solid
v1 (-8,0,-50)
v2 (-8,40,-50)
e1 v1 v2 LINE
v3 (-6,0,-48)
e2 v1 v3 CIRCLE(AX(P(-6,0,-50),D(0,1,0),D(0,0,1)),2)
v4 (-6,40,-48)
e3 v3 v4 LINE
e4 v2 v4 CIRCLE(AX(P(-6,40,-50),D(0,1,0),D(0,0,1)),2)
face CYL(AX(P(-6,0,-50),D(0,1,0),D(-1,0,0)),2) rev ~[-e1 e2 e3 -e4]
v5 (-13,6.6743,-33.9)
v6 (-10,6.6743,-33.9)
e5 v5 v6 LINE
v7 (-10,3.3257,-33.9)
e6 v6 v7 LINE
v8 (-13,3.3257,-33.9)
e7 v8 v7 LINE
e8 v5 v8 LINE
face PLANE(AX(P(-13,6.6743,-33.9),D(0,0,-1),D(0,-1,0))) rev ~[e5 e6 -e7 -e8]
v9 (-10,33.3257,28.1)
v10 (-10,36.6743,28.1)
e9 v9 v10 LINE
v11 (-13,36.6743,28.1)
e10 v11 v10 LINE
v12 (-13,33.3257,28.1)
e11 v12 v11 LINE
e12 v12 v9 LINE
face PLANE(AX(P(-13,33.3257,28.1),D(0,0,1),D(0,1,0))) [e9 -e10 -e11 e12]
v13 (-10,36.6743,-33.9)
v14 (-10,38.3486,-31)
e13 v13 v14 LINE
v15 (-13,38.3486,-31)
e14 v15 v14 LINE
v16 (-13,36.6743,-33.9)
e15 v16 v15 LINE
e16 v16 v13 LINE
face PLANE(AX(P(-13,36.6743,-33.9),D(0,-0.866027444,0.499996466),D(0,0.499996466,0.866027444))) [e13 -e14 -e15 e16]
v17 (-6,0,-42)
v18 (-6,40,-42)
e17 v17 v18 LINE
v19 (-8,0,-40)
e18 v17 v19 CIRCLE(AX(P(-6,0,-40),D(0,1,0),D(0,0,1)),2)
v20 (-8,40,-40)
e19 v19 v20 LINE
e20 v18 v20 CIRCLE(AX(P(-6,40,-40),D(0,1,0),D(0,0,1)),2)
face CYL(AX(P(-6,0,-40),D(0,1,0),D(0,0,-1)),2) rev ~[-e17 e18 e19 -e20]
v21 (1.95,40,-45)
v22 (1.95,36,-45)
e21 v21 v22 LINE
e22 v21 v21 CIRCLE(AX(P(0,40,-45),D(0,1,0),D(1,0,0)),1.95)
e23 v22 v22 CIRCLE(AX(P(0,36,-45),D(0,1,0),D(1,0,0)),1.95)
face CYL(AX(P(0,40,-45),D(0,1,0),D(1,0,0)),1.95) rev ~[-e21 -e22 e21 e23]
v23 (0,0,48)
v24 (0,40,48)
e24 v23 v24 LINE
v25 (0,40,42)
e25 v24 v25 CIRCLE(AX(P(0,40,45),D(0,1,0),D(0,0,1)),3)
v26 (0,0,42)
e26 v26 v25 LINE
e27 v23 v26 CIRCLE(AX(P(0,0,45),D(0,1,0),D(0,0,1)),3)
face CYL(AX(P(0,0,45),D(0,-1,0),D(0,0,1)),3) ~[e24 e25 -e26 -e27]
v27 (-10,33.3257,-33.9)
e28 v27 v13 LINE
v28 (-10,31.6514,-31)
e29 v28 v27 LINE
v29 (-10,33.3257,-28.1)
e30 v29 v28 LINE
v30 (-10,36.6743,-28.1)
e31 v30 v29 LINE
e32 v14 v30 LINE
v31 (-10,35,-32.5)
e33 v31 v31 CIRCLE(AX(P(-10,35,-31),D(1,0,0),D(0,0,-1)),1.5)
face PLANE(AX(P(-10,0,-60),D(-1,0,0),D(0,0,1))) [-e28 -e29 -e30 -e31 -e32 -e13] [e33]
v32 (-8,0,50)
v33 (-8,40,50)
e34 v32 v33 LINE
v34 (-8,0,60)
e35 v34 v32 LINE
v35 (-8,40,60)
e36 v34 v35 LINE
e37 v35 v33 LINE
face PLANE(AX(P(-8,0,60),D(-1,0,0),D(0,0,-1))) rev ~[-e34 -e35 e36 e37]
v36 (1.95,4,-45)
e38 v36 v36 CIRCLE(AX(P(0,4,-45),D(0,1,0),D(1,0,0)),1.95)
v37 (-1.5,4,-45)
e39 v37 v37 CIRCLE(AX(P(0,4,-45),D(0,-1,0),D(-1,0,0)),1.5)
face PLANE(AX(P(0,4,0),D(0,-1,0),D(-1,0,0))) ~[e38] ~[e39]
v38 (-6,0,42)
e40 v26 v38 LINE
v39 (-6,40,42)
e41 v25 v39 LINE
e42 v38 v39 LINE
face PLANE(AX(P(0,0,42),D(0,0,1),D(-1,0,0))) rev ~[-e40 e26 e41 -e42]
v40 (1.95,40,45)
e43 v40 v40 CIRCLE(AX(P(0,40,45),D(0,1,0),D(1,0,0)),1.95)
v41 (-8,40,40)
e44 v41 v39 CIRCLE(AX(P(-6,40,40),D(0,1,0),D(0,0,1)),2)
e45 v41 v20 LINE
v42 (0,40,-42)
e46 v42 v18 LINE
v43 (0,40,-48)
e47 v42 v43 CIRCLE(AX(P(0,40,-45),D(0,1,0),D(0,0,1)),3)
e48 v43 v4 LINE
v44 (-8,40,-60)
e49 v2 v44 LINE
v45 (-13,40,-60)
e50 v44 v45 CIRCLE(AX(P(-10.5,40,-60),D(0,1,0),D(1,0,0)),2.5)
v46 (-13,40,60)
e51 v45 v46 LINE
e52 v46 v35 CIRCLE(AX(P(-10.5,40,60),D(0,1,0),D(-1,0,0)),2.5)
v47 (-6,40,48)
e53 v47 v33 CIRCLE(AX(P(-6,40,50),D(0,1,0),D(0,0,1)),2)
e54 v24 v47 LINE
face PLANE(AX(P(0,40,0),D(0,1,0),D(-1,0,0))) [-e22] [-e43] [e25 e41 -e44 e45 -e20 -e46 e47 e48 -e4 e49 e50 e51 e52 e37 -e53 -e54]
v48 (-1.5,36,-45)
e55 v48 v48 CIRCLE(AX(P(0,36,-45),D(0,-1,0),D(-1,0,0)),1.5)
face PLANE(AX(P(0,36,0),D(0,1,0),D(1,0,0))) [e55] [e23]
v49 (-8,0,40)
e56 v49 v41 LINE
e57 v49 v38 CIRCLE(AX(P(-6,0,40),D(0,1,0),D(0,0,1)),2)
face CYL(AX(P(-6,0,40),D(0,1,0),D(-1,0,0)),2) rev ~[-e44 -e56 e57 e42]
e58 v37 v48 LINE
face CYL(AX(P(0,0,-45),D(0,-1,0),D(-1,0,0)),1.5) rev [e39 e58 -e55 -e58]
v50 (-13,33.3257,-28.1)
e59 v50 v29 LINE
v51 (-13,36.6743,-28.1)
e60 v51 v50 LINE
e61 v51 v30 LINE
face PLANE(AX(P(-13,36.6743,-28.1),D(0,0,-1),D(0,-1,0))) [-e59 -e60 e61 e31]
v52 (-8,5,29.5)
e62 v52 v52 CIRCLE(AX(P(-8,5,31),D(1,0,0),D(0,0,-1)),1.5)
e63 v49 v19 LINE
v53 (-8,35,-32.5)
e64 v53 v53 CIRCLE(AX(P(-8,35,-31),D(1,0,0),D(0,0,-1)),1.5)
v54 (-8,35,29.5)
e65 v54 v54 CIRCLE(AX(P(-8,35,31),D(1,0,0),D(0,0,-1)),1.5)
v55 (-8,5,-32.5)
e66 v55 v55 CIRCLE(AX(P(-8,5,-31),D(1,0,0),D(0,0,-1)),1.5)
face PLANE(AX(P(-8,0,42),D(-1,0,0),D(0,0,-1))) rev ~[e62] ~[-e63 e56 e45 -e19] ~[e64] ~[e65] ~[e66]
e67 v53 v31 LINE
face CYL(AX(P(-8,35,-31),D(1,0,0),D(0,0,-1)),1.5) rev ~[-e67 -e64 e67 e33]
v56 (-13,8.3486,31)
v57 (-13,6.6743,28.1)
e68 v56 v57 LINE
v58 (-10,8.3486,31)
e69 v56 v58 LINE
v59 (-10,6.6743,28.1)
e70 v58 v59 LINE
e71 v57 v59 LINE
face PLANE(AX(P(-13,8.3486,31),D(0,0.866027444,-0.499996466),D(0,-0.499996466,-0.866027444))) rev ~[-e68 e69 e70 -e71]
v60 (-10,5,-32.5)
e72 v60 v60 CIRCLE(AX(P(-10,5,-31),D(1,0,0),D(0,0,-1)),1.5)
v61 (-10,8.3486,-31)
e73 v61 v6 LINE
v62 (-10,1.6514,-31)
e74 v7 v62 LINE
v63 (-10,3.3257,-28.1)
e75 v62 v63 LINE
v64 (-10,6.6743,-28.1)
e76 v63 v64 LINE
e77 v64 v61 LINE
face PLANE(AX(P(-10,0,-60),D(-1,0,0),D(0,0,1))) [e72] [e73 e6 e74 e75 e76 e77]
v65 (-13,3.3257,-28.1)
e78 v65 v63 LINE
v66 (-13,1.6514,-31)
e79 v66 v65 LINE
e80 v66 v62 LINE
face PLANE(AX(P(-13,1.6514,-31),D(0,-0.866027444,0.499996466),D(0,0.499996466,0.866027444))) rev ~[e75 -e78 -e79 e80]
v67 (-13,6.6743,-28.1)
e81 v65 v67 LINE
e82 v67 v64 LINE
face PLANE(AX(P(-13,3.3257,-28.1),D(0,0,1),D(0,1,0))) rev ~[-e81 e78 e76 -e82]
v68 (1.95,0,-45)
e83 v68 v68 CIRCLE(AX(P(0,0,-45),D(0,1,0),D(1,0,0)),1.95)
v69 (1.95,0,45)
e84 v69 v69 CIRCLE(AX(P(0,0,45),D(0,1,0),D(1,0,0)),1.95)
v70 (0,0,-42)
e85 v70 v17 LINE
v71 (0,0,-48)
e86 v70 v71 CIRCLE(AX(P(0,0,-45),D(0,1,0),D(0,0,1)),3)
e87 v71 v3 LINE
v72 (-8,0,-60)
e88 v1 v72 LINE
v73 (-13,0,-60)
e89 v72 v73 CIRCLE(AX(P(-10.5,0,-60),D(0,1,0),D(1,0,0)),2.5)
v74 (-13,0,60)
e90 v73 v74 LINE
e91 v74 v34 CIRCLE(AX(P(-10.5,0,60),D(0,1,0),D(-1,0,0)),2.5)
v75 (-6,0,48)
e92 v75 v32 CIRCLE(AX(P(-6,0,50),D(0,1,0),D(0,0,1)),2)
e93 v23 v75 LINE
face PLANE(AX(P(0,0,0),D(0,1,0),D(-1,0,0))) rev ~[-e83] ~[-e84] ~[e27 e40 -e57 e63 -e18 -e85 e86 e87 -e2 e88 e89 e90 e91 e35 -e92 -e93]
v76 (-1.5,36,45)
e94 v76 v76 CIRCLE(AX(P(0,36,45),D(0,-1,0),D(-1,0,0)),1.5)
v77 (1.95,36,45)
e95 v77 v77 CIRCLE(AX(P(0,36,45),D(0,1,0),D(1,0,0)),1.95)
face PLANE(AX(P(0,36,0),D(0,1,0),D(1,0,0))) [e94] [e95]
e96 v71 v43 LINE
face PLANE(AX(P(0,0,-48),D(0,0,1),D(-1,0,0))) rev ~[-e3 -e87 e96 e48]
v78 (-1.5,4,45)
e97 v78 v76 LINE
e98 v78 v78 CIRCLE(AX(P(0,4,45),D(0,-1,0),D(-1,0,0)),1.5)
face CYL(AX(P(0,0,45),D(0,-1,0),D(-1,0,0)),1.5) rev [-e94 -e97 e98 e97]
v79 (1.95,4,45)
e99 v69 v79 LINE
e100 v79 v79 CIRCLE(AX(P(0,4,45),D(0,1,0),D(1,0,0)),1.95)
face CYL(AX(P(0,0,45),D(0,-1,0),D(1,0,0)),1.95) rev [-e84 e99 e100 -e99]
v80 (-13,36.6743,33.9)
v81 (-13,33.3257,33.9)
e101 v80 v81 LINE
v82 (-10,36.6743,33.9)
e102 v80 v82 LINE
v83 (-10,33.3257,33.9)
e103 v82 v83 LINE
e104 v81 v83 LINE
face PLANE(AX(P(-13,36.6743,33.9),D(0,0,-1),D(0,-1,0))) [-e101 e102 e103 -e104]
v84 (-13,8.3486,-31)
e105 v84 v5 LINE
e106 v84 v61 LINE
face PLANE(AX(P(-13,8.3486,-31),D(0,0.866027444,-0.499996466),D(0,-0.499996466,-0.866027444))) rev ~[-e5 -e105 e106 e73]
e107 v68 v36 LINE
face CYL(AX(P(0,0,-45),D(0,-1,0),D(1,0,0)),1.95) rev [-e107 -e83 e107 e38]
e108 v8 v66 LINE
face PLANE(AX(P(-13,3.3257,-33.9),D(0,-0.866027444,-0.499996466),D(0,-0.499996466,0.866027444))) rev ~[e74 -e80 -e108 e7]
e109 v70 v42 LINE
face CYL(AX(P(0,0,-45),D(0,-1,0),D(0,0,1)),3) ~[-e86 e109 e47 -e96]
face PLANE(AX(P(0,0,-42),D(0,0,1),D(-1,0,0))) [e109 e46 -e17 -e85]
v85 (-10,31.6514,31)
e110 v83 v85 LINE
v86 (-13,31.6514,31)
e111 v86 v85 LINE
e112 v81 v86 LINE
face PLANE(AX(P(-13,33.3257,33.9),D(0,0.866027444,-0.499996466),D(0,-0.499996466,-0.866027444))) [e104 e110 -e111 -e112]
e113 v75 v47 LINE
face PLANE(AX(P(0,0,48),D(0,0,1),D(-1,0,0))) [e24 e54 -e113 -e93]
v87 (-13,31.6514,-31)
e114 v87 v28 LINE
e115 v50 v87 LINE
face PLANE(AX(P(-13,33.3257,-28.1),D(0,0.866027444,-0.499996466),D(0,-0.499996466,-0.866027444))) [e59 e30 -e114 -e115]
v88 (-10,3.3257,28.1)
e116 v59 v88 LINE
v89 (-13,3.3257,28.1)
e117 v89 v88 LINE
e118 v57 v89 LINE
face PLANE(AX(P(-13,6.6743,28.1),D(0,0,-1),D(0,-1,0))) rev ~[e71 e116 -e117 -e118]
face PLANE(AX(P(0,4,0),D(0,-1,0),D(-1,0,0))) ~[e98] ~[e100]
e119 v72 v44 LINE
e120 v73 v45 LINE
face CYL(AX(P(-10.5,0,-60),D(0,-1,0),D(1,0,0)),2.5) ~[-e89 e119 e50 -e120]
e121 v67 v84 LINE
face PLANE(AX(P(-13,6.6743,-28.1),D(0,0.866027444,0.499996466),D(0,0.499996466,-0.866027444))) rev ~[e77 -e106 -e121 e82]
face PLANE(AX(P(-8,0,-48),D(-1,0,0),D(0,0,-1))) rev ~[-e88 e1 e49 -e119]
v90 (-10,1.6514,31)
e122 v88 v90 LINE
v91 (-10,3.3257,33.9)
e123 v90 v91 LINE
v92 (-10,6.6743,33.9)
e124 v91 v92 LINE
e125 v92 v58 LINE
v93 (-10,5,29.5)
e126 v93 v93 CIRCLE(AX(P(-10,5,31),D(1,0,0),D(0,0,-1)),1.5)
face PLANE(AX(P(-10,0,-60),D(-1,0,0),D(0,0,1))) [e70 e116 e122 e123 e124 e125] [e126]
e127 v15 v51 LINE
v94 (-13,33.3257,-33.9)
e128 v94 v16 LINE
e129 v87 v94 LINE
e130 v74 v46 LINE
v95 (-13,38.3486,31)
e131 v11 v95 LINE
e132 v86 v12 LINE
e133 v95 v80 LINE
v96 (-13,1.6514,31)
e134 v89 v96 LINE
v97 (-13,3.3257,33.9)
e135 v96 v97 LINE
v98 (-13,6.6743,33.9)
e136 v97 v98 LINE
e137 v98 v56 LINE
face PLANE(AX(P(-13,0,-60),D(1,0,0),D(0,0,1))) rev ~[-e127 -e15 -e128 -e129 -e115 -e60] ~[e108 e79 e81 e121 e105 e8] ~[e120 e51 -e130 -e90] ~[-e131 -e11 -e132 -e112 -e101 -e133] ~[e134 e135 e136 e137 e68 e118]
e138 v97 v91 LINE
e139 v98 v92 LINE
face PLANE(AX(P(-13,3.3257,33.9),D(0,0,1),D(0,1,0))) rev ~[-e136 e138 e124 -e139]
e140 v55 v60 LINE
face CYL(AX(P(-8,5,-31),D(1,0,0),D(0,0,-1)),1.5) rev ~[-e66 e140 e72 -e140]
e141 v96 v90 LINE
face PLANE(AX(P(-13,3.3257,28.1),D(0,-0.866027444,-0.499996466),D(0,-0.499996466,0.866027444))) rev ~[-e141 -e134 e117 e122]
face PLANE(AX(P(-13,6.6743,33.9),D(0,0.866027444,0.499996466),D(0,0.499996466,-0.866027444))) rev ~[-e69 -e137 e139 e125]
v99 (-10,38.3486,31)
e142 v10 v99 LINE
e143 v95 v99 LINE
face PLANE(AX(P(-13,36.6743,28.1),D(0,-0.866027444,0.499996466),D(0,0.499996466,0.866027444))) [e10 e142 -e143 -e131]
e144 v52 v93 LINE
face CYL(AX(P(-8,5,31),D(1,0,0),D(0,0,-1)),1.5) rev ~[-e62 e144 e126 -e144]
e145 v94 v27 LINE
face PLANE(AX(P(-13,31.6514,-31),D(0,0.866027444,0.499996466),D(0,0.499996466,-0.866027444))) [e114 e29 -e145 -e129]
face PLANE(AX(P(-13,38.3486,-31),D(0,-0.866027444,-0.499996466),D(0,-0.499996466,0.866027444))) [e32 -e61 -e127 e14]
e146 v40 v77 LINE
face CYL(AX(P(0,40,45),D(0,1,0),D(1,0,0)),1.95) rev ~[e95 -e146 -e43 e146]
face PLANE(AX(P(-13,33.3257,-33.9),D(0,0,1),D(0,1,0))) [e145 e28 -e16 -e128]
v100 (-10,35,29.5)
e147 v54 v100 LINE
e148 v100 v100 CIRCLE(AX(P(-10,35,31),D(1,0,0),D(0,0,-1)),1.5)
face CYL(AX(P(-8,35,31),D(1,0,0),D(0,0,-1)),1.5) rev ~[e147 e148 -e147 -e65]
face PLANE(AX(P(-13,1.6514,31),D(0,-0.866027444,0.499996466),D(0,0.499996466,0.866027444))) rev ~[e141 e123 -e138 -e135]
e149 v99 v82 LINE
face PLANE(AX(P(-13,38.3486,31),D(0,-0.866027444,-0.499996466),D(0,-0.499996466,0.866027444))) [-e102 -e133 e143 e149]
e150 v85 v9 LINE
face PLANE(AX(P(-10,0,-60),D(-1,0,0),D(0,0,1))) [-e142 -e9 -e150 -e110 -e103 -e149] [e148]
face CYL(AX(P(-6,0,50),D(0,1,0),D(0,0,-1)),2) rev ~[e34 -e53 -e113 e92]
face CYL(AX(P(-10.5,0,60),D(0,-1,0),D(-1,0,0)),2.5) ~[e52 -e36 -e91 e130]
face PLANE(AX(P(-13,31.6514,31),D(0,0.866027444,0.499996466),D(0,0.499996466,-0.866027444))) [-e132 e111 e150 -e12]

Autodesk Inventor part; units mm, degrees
ref_plane "YZ Plane" through (0, 0, 0) normal (1, 0, 0) x (0, 1, 0)
ref_plane "XZ Plane" through (0, 0, 0) normal (0, 1, 0) x (-1, 0, 0)
sketch "Эскиз1" plane through (0, 0, 0) normal (0, 1, 0) x (-1, 0, 0)
  line L0 (0, 45) -> (0, -45) construction
  circle A0 centre (0, 45) radius 1.5
  circle A1 centre (0, -45) radius 1.5
  line L1 (10.5, 60) -> (10.5, -60) construction
  line L2 (10.5, -60) -> (10.5, 60) construction
  line L3 (13, -60) -> (13, 60)
  line L4 (8, 60) -> (8, 48)
  arc A2 (8, -60) -> (13, -60) centre (10.5, -60) ccw
  arc A3 (13, 60) -> (8, 60) centre (10.5, 60) ccw
  arc A4 (0, 42) -> (0, 48) centre (0, 45) ccw construction
  arc A5 (0, -48) -> (0, -42) centre (0, -45) ccw construction
  line L5 (0, 48) -> (8, 48)
  line L6 (0, 42) -> (8, 42)
  line L7 (0, -42) -> (8, -42)
  line L8 (0, -48) -> (8, -48)
  arc A6 (0, -42) -> (0, -48) centre (0, -45) ccw
  arc A7 (0, 48) -> (0, 42) centre (0, 45) ccw
  line L9 (8, -42) -> (8, -48) construction
  line L10 (8, 42) -> (8, -42)
  line L11 (8, -48) -> (8, -60)
  line L12 (8, 48) -> (8, 42) construction
  point P0 (0, 0)
  point P1 (0, 0)
  point P2 (10.5, 0)
  dimension "d0" = 90
  dimension "d1" = 3
  dimension "d2" = 3
  dimension "d3" = 120
  dimension "d4" = 10.5
  dimension "d5" = 0
  dimension "d6" = 5
  dimension "d7" = 6
  dimension "d8" = 6
extrude "Выдавливание1" add sketch "Эскиз1" along normal blind 40
fillet "Сопряжение1" radius 2 4 edges at (-8, 20, 42) (-8, 20, 48) (-8, 20, -42) (-8, 20, -48)
sketch "Эскиз2" plane through (0, 40, 0) normal (0, 1, 0) x (1, 0, 0)
  line L0 (0, 48) -> (-6, 48) projected
  arc A0 (-8, 50) -> (-6, 48) centre (-6, 50) ccw projected
  line L1 (-8, 50) -> (-8, 60) projected
  arc A1 (-8, 60) -> (-13, 60) centre (-10.5, 60) ccw projected
  line L2 (-13, 60) -> (-13, -60) projected
  arc A2 (-13, -60) -> (-8, -60) centre (-10.5, -60) ccw projected
  line L3 (-8, -60) -> (-8, -50) projected
  arc A3 (-6, -48) -> (-8, -50) centre (-6, -50) ccw projected
  line L4 (-6, -48) -> (0, -48) projected
  arc A4 (0, -48) -> (0, -42) centre (0, -45) ccw projected
  line L5 (0, -42) -> (-6, -42) projected
  arc A5 (-8, -40) -> (-6, -42) centre (-6, -40) ccw projected
  line L6 (-8, -40) -> (-8, 40) projected
  arc A6 (-6, 42) -> (-8, 40) centre (-6, 40) ccw projected
  line L7 (-6, 42) -> (0, 42) projected
  arc A7 (0, 42) -> (0, 48) centre (0, 45) ccw projected
  circle A8 centre (0, -45) radius 1.5 projected
  circle A9 centre (0, 45) radius 1.5 projected
  circle A10 centre (0, -45) radius 1.95
  circle A11 centre (0, 45) radius 1.95
  point P0 (0, 0)
  dimension "d12" = 3.9
  dimension "d13" = 3.9
extrude "Выдавливание2" cut sketch "Эскиз2" against normal blind 4 contours A8 | A9 | A10 | A11
ref_plane "РабПлоскость1" through (0, 20, 0) normal (0, 1, 0) x (1, 0, 0)
mirror "Зеркальное отражение1" about plane through (0, 20, 0) normal (0, 1, 0) of "Выдавливание2"
sketch "Эскиз3" plane through (-8, 0, 40) normal (1, 0, 0) x (0, 0, -1)
  line L0 (40, 0) -> (40, 40) construction
  line L1 (0, 40) -> (80, 40) projected
  line L2 (71, 5) -> (9, 5) construction
  line L3 (9, 5) -> (9, 35) construction
  line L4 (9, 35) -> (71, 35) construction
  line L5 (71, 35) -> (71, 5) construction
  line L6 (71, 5) -> (9, 35) construction
  line L7 (9, 5) -> (71, 35) construction
  circle A0 centre (9, 35) radius 1.5
  circle A1 centre (71, 35) radius 1.5
  circle A2 centre (9, 5) radius 1.5
  circle A3 centre (71, 5) radius 1.5
  point P0 (40, 20)
  dimension "d17" = 62
  dimension "d18" = 30
  dimension "d19" = 3
  dimension "d20" = 3
  dimension "d21" = 3
  dimension "d22" = 3
extrude "Выдавливание3" cut sketch "Эскиз3" against normal through all
sketch "Эскиз4" plane through (-13, 0, -60) normal (-1, 0, 0) x (0, 0, 1)
  circle A0 centre (29, 35) radius 1.5 projected
  circle A1 centre (91, 35) radius 1.5 projected
  line L0 (29, 35) -> (91, 35) construction
  circle A2 centre (91, 5) radius 1.5 projected
  line L1 (91, 35) -> (91, 5) construction
  line L2 (91, 20) -> (60, 20) construction
  line L3 (60, 20) -> (60, 35) construction
  line L4 (31.9, 36.6743) -> (31.9, 33.3257)
  line L5 (31.9, 33.3257) -> (29, 31.6514)
  line L6 (29, 31.6514) -> (26.1, 33.3257)
  line L7 (26.1, 33.3257) -> (26.1, 36.6743)
  line L8 (26.1, 36.6743) -> (29, 38.3486)
  line L9 (29, 38.3486) -> (31.9, 36.6743)
  circle A3 centre (29, 5) radius 1.5
  line L10 (31.9, 3.3257) -> (31.9, 6.6743)
  line L11 (31.9, 6.6743) -> (29, 8.3486)
  line L12 (29, 8.3486) -> (26.1, 6.6743)
  line L13 (26.1, 6.6743) -> (26.1, 3.3257)
  line L14 (26.1, 3.3257) -> (29, 1.6514)
  line L15 (29, 1.6514) -> (31.9, 3.3257)
  line L16 (91, 38.3486) -> (93.9, 36.6743)
  line L17 (93.9, 36.6743) -> (93.9, 33.3257)
  line L18 (93.9, 33.3257) -> (91, 31.6514)
  line L19 (91, 31.6514) -> (88.1, 33.3257)
  line L20 (88.1, 33.3257) -> (88.1, 36.6743)
  line L21 (88.1, 36.6743) -> (91, 38.3486)
  circle A4 centre (91, 5) radius 1.5
  line L22 (91, 1.6514) -> (93.9, 3.3257)
  line L23 (93.9, 3.3257) -> (93.9, 6.6743)
  line L24 (93.9, 6.6743) -> (91, 8.3486)
  line L25 (91, 8.3486) -> (88.1, 6.6743)
  line L26 (88.1, 6.6743) -> (88.1, 3.3257)
  line L27 (88.1, 3.3257) -> (91, 1.6514)
  point P0 (60, 0)
  dimension "d25" = 31
  dimension "d26" = 5.8
  dimension "d27" = 5.8
  dimension "d28" = 5.8
  dimension "d29" = 5.8
extrude "Выдавливание4" cut sketch "Эскиз4" against normal blind 3 contours A0 | A1 | A2 | L4 L5 L6 L7 L8 L9 | A3 | L15 L14 L13 L12 L11 L10 | L16 L17 L18 L19 L20 L21 | L27 L26 L25 L24 L23 L22
equation "\"d8\" = d7"
properties part number "pod_akkum_2"
